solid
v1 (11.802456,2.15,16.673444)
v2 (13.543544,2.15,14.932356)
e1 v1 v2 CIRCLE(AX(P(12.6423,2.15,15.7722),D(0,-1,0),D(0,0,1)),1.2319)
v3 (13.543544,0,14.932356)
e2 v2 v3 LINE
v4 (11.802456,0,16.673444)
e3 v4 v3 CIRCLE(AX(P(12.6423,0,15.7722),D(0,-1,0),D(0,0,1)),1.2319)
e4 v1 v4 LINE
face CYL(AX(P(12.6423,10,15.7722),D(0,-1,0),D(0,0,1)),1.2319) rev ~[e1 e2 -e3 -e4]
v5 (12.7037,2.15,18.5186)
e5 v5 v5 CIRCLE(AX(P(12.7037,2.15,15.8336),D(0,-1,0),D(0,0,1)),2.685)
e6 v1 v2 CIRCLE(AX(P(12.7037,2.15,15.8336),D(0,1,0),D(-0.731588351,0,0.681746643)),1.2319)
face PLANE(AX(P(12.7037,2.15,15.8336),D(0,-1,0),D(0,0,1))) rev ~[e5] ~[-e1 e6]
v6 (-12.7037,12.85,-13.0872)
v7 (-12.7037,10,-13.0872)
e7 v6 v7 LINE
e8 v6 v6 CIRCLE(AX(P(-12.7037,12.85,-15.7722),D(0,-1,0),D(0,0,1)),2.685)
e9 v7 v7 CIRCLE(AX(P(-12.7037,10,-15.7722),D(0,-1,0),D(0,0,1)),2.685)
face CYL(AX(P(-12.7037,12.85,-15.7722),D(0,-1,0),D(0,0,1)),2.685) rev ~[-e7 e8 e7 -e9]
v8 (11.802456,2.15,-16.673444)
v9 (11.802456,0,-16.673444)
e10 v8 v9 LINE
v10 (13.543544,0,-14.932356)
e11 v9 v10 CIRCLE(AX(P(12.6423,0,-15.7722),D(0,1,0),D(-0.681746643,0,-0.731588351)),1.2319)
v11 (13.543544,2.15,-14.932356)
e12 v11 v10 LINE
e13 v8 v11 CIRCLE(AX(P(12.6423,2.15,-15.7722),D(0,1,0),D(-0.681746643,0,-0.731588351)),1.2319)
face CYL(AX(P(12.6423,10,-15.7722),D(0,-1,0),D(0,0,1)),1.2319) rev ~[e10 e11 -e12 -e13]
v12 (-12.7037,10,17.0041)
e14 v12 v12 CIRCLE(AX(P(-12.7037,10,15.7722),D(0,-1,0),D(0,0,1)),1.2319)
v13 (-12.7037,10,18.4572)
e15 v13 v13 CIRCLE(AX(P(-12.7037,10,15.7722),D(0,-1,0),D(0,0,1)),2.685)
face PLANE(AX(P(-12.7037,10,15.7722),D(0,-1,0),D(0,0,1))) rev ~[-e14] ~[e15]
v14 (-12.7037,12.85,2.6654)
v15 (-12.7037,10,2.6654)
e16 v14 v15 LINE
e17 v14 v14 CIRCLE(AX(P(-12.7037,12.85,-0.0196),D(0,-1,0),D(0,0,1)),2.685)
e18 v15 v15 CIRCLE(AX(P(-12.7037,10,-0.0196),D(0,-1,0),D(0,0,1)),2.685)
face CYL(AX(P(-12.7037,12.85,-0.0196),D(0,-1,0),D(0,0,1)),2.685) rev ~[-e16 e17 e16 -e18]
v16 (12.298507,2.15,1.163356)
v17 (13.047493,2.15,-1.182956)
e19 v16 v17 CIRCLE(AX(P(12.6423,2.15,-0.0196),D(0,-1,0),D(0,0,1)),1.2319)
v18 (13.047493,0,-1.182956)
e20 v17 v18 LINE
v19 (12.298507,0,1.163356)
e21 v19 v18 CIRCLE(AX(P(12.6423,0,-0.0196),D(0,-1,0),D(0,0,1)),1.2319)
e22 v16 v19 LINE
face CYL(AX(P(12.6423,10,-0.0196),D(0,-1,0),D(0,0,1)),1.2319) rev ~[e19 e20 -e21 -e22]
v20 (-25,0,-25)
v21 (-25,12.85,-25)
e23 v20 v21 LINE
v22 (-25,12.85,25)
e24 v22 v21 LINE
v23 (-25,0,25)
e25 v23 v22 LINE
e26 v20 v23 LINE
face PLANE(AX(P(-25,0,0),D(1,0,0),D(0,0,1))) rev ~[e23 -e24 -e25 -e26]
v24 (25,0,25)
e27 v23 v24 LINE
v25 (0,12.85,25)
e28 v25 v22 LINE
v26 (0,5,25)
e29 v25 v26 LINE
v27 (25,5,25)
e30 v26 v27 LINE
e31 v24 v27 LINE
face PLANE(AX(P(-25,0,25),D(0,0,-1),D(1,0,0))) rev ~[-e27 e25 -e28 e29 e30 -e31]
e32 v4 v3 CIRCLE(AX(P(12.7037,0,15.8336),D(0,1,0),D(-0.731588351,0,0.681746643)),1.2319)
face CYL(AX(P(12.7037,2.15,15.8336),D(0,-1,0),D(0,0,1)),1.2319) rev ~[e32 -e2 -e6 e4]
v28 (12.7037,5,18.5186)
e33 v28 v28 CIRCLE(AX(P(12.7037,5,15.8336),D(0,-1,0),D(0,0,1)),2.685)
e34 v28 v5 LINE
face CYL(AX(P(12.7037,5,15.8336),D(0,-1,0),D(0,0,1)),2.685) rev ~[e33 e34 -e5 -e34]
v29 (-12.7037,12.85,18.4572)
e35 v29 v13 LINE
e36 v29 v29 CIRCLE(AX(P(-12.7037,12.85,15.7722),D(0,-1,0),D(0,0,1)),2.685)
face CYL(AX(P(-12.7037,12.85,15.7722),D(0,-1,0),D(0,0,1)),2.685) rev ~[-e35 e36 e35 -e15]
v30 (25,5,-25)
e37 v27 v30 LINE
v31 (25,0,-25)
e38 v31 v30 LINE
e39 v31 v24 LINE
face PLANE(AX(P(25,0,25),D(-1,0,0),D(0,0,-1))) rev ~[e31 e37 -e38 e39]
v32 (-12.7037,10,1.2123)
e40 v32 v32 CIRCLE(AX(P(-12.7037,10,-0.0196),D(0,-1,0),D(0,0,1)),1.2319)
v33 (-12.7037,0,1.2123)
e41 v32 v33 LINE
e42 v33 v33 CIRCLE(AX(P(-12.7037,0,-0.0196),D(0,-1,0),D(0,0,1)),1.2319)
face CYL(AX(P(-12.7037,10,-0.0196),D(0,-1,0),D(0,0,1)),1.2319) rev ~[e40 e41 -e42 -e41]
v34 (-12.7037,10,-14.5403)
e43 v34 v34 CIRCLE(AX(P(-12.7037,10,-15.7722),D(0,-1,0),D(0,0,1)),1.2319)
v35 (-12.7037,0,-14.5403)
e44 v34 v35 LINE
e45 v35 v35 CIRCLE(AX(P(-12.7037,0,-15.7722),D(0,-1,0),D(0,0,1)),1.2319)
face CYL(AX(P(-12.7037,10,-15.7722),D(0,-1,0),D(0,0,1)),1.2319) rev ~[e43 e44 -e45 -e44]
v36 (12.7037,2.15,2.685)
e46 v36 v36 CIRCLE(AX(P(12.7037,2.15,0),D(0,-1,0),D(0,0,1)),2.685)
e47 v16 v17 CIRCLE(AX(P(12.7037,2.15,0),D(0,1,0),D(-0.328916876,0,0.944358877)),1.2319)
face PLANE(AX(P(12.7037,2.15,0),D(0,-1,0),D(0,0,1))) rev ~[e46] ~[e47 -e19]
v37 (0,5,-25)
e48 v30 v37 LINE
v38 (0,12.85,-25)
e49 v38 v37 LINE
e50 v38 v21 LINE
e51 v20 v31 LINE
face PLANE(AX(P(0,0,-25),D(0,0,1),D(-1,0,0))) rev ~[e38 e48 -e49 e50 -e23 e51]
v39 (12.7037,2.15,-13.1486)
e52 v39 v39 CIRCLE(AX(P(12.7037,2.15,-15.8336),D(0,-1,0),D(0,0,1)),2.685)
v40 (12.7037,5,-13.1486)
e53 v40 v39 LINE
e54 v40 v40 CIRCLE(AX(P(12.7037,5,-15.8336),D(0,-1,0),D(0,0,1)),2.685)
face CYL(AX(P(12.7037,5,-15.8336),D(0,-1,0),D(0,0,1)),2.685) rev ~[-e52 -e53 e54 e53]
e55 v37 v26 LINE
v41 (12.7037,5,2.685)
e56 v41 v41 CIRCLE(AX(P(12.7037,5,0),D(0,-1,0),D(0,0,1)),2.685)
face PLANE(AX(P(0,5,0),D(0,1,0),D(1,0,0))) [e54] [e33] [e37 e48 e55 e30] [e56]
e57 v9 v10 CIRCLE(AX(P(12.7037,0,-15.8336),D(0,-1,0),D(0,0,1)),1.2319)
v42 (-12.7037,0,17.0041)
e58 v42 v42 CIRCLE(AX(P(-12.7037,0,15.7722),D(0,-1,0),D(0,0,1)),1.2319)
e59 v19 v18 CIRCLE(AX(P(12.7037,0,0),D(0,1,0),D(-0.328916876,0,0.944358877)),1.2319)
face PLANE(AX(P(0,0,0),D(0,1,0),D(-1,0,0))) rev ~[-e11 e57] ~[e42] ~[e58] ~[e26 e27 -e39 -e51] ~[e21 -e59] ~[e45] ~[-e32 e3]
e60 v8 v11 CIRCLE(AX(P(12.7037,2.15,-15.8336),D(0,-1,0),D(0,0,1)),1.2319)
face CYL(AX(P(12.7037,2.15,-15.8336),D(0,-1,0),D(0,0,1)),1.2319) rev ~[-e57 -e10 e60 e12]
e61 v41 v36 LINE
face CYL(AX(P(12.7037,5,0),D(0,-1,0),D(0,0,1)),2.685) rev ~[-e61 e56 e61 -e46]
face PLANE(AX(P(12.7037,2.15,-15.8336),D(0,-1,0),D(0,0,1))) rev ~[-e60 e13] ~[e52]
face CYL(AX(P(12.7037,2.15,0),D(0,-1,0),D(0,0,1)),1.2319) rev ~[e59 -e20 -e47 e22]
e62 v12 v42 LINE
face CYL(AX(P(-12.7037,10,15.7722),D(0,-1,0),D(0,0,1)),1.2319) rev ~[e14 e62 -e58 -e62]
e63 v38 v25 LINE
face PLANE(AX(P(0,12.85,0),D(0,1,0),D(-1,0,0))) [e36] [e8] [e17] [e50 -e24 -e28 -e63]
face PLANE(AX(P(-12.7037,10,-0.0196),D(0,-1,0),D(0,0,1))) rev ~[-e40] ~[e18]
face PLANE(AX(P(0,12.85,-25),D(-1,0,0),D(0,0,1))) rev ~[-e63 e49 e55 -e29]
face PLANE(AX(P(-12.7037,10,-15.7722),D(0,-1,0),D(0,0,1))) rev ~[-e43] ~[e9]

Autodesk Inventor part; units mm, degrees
ref_plane "YZ Plane" through (0, 0, 0) normal (1, 0, 0) x (0, 1, 0)
ref_plane "XZ Plane" through (0, 0, 0) normal (0, 1, 0) x (-1, 0, 0)
ref_plane "XY Plane" through (0, 0, 0) normal (0, 0, 1) x (1, 0, 0)
sketch "Sketch1" plane through (0, 0, 0) normal (0, 1, 0) x (-1, 0, 0)
  line L0 (25, 25) -> (-25, 25)
  line L1 (-25, 25) -> (-25, -25)
  line L2 (-25, -25) -> (25, -25)
  line L3 (25, -25) -> (25, 25)
  line L4 (35, 0) -> (-35, 0) projected
  line L5 (0, -35) -> (0, 35) projected
  point P0 (0, 0)
  dimension "d0" = 50
  dimension "d1" = 50
extrude "Extrusion1" add sketch "Sketch1" along normal blind 12.85
sketch "Sketch2" plane through (0, 12.85, 0) normal (0, 1, 0) x (1, 0, 0)
  line L0 (-25, -25) -> (25, -25) projected
  line L1 (25, -25) -> (25, 25) projected
  line L2 (0, -25) -> (25, -25)
  line L3 (25, -25) -> (25, 25)
  line L4 (25, 25) -> (0, 25)
  line L5 (0, 25) -> (0, -25)
  point P0 (0, 0)
extrude "Extrusion2" cut sketch "Sketch2" against normal blind 7.85
sketch "Sketch3" plane through (0, 12.85, 0) normal (0, 1, 0) x (1, 0, 0)
  line L0 (-25, -25) -> (25, -25) construction
  line L1 (-12.7037, -25) -> (-12.7037, 25.0391) construction
  line L2 (12.6423, -25) -> (12.6423, 25.0391) construction
  line L3 (-35, 0) -> (35, 0) projected
  point P0 (0, 0)
  point P1 (-12.7037, -15.7722)
  point P2 (-12.7037, 0.0196)
  point P3 (-12.7037, 15.7722)
  point P4 (12.6423, -15.7722)
  point P5 (12.6423, 0.0196)
  point P6 (12.6423, 15.7722)
hole "Hole1" at (-12.7037, 12.85, 15.7722) at (-12.7037, 12.85, -0.0196) at (-12.7037, 12.85, -15.7722) at (12.6423, 12.85, 15.7722) at (12.6423, 12.85, -0.0196) at (12.6423, 12.85, -15.7722) direction (0, -1, 0) diameter 2.4638 end through all counterbore diameter 5.37 counterbore depth 2.85
sketch "Sketch4" plane through (0, 5, 0) normal (0, 1, 0) x (1, 0, 0)
  point P0 (0, 0)
  point P1 (12.7037, -15.8336)
  point P2 (12.7037, 0)
  point P3 (12.7037, 15.8336)
hole "Hole2" at (12.7037, 5, 0) at (12.7037, 5, -15.8336) at (12.7037, 5, 15.8336) direction (0, -1, 0) diameter 2.4638 end through all counterbore diameter 5.37 counterbore depth 2.85
properties part number "screwbaserecesed"
